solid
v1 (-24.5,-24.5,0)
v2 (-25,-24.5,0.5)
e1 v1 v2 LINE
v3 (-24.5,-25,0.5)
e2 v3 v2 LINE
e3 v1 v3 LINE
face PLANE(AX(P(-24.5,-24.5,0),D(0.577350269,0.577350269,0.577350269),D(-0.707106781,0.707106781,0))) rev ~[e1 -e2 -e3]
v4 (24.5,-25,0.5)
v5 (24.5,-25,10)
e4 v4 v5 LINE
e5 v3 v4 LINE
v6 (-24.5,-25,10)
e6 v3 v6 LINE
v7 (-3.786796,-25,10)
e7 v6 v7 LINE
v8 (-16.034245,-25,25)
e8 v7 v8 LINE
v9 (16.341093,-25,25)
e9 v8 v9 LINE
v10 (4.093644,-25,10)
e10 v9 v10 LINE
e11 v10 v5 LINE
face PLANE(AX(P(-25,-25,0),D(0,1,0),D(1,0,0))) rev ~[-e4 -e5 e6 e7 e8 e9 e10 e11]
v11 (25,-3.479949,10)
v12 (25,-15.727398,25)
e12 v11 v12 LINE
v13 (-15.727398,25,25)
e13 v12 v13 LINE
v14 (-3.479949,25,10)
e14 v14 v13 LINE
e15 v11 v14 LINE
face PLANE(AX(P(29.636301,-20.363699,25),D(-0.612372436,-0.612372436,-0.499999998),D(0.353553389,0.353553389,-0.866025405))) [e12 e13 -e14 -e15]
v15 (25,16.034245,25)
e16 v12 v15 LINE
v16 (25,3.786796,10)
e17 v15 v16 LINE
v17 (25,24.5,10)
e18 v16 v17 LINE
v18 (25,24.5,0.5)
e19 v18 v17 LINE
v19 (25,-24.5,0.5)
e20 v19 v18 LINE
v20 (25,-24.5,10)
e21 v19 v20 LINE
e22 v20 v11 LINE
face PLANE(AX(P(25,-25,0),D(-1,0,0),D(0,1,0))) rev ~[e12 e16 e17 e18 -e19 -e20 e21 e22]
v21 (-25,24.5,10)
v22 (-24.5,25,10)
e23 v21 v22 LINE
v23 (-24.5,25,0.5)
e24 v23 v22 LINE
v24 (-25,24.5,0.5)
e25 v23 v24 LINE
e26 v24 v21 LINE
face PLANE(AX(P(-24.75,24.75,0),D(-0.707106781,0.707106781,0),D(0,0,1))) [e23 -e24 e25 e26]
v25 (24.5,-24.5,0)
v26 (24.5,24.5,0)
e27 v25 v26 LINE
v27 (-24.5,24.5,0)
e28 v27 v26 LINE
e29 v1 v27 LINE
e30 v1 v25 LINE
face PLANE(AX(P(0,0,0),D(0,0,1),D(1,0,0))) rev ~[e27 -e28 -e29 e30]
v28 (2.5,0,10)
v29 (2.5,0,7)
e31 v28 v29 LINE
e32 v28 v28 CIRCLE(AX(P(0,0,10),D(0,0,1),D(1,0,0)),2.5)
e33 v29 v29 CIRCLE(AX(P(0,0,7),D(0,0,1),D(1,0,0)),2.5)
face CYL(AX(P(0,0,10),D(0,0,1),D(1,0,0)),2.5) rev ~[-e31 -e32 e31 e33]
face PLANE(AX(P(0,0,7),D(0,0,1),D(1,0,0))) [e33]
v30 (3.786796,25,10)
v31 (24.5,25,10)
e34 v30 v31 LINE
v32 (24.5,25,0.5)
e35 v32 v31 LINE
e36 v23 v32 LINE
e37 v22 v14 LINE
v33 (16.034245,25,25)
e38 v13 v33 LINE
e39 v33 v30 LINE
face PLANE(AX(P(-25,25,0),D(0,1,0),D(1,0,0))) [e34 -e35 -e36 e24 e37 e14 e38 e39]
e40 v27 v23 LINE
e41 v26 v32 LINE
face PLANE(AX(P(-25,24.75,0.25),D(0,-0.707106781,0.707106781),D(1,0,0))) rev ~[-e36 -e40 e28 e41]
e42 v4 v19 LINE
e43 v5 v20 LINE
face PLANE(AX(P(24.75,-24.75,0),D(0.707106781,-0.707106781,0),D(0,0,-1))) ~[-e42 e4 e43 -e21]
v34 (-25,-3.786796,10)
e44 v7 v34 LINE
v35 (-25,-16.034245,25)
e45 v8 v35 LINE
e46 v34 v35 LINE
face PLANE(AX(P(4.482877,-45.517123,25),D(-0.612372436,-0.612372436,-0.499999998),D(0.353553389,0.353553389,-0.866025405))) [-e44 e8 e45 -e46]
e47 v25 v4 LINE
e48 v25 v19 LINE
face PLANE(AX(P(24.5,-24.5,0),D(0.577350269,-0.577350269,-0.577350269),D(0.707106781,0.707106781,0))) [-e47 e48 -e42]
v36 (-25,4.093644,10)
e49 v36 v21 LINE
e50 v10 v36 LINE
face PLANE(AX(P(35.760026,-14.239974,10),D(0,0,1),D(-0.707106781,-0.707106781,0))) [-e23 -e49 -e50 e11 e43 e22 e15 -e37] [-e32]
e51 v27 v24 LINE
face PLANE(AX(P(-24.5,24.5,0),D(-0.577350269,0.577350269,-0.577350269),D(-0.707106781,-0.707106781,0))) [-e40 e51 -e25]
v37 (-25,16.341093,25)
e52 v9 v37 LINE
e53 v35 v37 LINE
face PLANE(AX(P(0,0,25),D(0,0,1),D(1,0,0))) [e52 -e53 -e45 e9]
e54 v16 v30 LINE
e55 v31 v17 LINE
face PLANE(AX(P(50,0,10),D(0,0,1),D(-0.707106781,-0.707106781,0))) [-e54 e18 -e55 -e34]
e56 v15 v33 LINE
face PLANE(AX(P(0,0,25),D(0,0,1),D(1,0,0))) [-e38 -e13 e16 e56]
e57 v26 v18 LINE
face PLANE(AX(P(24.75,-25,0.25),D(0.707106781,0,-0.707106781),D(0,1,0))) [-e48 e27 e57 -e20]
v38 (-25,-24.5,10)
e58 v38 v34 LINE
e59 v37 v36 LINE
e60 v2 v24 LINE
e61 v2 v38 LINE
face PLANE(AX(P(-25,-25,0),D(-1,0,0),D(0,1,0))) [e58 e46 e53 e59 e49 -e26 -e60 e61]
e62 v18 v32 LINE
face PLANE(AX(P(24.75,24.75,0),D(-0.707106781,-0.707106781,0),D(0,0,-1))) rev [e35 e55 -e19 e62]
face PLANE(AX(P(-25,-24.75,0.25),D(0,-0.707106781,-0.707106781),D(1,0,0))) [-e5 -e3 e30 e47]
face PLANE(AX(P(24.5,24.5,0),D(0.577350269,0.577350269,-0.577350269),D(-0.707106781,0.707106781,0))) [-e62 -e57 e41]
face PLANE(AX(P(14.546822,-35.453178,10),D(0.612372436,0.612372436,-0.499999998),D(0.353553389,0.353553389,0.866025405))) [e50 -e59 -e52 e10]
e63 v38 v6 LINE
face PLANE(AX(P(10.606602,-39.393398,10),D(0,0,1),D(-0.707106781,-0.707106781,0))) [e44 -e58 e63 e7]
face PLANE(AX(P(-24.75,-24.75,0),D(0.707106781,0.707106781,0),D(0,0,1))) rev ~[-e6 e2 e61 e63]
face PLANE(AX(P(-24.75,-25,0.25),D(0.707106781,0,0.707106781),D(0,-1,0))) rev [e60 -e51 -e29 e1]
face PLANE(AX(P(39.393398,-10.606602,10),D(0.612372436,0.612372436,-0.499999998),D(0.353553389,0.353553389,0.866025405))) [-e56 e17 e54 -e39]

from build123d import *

# Parameters (mm, degrees)
F0_W      = 50
F0_H      = 50
F1_DEPTH  = 25
F4_DEPTH  = 70.711678
F5_W      = 50
F5_H      = 50
F6_DEPTH  = 25
F9_SIZE   = 0.5
F11_R     = 2.5
F12_DEPTH = 3


with BuildPart() as f1:
    # F0 (on Top) → F1 (new body)
    with BuildSketch(Plane.XY):
        Rectangle(F0_W, F0_H)
    extrude(amount=F1_DEPTH)

    # F3 (on face) → F4 (cut, through all)
    with BuildSketch(Plane(origin=(25, -25, 0), x_dir=(-0.707107, -0.707107, 0), z_dir=(-0.707107, 0.707107, 0))):
        Polygon((35.355339, 25), (29.015593, 25), (20.355339, 10), (35.355339, 10), align=None)
        Polygon((-20.355339, 10), (-29.015593, 25), (-35.355339, 25), (-35.355339, 10), align=None)
        Polygon((6.122772, 25), (0, 25), (-6.55672, 25), (-15.216974, 10), (14.783026, 10), align=None)
    extrude(amount=F4_DEPTH, mode=Mode.SUBTRACT)

    # F9
    f9_edges = [f1.edges().sort_by_distance(p)[0] for p in [
        (-25, 25, 5),
        (25, 25, 5),
        (25, -25, 5),
        (-25, -25, 5),
        (0, -25, 0),
        (25, 0, 0),
        (0, 25, 0),
        (-25, 0, 0),
    ]]
    chamfer(f9_edges, length=F9_SIZE)

    # F11 (on face) → F12 (cut)
    with BuildSketch(Plane.XY.offset(10)):
        Circle(F11_R)
    extrude(amount=-F12_DEPTH, mode=Mode.SUBTRACT)


with BuildPart() as f6:
    # F5 (on face) → F6 (new body)
    with BuildSketch(Plane.XY.offset(10)):
        Rectangle(F5_W, F5_H)
    extrude(amount=F6_DEPTH)

    # F7: cut F1
    add(f1.part, mode=Mode.SUBTRACT)


with BuildPart() as f6_1:
    # F8: moved
    add(f6.part.moved(Location((55, 0, 0))))


solid = f1.part
